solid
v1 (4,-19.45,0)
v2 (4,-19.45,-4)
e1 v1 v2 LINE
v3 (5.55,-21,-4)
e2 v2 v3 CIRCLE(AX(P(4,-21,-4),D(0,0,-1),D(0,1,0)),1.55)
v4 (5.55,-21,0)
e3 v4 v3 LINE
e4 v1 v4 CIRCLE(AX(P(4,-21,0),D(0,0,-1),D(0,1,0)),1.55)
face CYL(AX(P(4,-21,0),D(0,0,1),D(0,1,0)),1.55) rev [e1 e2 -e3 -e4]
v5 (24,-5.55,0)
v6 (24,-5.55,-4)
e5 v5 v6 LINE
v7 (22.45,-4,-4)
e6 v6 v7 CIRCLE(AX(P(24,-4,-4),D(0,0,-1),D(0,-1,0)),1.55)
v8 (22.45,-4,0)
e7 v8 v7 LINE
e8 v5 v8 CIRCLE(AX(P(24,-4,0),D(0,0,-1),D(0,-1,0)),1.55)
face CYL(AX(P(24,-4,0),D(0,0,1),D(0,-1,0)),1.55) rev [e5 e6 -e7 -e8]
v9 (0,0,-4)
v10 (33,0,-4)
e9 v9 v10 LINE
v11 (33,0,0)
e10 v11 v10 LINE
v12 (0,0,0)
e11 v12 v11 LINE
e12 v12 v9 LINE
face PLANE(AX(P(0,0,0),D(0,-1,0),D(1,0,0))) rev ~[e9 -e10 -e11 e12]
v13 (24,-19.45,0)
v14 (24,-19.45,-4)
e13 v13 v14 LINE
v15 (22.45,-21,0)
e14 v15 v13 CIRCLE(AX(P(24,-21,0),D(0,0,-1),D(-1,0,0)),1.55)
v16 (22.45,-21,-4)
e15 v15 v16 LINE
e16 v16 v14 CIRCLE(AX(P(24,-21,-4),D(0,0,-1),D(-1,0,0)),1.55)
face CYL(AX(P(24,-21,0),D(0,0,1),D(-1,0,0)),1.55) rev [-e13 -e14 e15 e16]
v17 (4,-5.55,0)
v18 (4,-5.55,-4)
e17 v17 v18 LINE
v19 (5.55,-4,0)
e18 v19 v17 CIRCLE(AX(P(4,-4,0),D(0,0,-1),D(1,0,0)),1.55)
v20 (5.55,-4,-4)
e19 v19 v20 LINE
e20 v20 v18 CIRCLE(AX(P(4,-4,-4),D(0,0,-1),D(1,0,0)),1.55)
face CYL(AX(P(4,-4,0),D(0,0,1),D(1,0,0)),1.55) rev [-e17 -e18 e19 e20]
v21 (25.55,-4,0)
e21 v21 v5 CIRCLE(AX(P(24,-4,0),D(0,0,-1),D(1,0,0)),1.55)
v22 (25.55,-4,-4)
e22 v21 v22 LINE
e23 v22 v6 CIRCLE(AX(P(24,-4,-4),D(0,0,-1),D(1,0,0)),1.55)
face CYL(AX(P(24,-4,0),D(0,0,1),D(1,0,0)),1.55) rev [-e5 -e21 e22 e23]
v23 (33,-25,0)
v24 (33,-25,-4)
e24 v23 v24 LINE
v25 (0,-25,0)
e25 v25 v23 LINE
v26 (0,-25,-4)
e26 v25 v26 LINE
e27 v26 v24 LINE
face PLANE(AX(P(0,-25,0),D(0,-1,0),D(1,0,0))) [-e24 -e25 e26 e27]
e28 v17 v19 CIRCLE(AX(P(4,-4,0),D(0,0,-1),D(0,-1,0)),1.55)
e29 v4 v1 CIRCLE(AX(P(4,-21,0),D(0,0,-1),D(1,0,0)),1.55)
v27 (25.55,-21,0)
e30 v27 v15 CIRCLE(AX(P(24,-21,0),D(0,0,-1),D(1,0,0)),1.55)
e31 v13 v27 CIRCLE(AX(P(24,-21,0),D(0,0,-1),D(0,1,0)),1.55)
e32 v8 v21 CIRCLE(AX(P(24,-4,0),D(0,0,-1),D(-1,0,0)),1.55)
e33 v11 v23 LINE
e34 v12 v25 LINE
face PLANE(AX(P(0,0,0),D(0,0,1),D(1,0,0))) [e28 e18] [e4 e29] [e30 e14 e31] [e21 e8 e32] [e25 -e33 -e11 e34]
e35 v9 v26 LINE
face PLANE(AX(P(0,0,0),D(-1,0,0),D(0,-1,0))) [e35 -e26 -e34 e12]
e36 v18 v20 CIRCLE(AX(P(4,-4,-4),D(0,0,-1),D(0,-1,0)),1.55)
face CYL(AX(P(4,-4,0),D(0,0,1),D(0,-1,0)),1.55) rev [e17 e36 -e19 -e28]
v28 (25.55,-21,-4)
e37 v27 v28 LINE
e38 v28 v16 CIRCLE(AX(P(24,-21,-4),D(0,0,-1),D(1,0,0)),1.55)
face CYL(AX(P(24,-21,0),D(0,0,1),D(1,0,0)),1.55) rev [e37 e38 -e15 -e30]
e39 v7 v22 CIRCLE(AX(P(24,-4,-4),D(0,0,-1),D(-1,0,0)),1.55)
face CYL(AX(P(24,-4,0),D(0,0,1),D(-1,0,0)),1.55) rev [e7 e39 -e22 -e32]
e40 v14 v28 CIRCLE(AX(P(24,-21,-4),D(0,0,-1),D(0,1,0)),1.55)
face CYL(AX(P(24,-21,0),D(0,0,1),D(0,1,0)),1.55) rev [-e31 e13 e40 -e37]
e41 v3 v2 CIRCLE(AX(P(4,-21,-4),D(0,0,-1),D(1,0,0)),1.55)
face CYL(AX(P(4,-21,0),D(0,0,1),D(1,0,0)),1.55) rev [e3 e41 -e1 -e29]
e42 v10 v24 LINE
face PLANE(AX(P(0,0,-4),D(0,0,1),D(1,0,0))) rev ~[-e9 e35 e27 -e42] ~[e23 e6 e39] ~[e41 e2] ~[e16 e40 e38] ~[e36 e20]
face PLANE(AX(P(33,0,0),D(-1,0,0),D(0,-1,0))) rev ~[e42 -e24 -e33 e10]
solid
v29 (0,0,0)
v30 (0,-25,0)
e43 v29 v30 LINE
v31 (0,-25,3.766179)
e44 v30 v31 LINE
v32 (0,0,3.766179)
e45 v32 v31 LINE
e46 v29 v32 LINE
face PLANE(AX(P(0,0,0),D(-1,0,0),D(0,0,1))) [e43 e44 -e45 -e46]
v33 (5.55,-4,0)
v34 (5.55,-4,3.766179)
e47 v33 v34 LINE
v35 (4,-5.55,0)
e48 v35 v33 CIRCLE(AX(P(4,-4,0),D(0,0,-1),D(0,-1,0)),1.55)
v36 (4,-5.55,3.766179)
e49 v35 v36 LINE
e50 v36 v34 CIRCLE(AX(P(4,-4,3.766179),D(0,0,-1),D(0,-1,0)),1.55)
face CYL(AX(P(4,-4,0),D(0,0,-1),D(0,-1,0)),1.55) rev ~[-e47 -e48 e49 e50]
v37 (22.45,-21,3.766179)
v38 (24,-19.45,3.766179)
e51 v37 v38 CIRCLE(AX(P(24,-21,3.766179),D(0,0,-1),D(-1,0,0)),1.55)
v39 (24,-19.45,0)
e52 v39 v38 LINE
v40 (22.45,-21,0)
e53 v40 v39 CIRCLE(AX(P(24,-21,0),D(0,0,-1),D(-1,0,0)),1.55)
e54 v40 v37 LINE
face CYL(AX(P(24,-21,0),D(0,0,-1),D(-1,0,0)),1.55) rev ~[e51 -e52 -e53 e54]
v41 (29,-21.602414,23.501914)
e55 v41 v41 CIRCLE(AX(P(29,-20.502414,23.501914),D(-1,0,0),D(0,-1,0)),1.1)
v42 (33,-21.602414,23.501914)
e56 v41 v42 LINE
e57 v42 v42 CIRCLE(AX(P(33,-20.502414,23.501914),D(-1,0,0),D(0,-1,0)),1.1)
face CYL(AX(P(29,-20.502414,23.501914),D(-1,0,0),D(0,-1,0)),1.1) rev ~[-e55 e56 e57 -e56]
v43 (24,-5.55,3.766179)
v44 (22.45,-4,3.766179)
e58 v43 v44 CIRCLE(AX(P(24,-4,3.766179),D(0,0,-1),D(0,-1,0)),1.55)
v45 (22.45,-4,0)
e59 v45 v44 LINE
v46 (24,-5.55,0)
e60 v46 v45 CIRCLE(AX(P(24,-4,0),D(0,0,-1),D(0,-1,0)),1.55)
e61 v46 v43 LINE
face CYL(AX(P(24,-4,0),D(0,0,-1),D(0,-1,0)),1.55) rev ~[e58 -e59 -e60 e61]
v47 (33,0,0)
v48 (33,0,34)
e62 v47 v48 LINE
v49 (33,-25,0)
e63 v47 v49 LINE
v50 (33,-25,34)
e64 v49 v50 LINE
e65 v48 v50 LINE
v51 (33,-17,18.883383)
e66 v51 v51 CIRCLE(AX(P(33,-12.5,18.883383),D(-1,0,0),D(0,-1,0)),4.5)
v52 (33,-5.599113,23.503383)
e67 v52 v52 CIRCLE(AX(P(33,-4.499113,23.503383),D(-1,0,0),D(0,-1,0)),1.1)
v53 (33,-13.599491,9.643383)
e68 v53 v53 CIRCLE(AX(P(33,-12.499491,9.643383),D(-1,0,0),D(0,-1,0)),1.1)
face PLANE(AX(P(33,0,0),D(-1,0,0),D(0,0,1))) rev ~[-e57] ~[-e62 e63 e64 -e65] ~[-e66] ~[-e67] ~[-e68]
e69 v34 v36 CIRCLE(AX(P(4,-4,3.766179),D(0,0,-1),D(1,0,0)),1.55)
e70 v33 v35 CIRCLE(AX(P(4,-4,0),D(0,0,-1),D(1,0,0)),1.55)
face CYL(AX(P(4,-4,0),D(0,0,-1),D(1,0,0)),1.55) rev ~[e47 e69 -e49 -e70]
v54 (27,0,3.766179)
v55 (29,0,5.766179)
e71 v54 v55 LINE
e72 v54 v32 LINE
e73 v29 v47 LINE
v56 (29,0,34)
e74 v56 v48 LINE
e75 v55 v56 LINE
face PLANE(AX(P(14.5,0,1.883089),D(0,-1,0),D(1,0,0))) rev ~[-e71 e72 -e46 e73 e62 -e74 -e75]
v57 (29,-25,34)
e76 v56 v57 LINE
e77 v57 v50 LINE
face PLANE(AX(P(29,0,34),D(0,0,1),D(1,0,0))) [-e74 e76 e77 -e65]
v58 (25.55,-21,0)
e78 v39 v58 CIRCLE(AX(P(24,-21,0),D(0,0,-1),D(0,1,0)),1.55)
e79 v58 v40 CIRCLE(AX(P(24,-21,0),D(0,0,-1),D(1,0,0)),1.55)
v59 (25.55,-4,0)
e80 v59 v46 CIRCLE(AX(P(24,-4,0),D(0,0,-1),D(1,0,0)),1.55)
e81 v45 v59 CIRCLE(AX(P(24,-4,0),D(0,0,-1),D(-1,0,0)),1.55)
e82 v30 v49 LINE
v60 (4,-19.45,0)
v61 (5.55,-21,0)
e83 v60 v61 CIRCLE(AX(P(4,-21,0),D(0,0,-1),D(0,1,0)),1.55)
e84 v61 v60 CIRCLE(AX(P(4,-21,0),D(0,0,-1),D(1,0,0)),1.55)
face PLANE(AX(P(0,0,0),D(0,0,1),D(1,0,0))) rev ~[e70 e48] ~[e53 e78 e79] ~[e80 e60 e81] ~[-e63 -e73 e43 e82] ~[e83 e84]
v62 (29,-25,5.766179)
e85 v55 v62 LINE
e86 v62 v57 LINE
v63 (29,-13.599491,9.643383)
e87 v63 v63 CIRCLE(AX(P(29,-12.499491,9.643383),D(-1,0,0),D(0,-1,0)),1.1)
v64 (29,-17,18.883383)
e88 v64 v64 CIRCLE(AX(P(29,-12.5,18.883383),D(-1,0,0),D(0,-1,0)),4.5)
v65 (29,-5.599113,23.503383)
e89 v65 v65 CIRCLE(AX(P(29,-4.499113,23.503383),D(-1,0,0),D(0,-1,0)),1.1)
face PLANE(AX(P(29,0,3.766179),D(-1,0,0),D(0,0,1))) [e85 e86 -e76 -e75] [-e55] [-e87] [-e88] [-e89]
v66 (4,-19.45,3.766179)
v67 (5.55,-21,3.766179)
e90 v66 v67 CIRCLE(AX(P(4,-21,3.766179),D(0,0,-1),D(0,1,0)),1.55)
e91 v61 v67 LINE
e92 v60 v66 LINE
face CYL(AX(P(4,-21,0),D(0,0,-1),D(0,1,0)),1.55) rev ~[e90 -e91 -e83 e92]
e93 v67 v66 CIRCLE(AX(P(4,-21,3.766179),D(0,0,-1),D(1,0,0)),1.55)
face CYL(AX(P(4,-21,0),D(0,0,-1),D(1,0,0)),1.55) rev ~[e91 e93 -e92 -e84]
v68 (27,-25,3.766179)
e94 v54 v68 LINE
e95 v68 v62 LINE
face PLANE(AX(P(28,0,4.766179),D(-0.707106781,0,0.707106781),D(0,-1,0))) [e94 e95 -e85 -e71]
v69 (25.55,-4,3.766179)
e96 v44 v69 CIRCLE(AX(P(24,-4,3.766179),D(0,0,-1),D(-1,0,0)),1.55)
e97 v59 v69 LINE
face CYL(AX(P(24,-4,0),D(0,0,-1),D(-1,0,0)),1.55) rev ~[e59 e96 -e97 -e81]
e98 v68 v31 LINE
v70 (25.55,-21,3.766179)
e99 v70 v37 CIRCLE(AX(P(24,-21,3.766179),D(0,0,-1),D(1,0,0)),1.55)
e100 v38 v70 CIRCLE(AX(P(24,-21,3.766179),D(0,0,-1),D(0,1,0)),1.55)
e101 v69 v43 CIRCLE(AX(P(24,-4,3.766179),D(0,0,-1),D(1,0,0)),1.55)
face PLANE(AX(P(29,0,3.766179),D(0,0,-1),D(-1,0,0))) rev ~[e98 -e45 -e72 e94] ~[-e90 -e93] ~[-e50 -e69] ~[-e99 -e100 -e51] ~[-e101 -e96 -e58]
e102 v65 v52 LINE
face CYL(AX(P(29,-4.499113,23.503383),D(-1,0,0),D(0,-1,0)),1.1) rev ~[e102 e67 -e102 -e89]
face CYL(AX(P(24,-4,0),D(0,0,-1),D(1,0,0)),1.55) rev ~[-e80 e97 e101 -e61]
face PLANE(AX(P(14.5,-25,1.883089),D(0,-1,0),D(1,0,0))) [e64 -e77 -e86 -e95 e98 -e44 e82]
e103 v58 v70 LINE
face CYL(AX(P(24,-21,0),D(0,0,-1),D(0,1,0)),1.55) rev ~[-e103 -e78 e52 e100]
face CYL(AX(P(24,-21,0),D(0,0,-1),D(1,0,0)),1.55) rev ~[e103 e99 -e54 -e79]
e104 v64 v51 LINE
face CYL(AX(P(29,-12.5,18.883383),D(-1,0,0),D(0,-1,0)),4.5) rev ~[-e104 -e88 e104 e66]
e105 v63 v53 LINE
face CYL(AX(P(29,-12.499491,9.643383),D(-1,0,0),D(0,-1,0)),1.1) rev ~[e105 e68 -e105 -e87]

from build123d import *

# Parameters (mm, degrees)
F0_W     = 29
F0_H     = 3.76617883
F0_W_2   = 4
F0_H_2   = 30.23382117
F1_DEPTH = 25
F2_R     = 1.1
F2_R_2   = 4.5
F3_DEPTH = 25
F5_DEPTH = 25
F6_DEPTH = 4
F7_SIZE  = 2


with BuildPart() as f1:
    # F0 (on Front) → F1 (new body)
    with BuildSketch(Plane.XZ):
        with Locations((14.5, 1.883089415)):
            Rectangle(F0_W, F0_H)
        with Locations((31, 1.883089415)):
            Rectangle(F0_W_2, F0_H)
        with Locations((31, 18.883089415)):
            Rectangle(F0_W_2, F0_H_2)
    extrude(amount=F1_DEPTH)

    # F2 (on face) → F3 (cut)
    with BuildSketch(Plane(origin=(29, 0, 0), x_dir=(0, -1, 0), z_dir=(-1, 0, 0))):
        with Locations((4.4991129581, 23.5033831761)):
            Circle(F2_R)
        with Locations((20.5024139551, 23.5019139032)):
            Circle(F2_R)
        with Locations((12.4994910289, 9.6433833319)):
            Circle(F2_R)
        with Locations((12.5, 18.8833833319)):
            Circle(F2_R_2)
    extrude(amount=-F3_DEPTH, mode=Mode.SUBTRACT)

    # F4 (on face) → F5 (cut)
    with BuildSketch(Plane(origin=(0, 0, 0), x_dir=(1, 0, 0), z_dir=(0, 0, -1))):
        with BuildLine():
            ThreePointArc((5.55, 21), (2.9039844892, 22.0960155108), (4, 19.45))
            Line((4, 19.45), (4, 21))
            Line((4, 21), (5.55, 21))
        make_face()
        with BuildLine():
            Line((4, 21), (4, 19.45))
            ThreePointArc((4, 19.45), (5.0960155108, 19.9039844892), (5.55, 21))
            Line((5.55, 21), (4, 21))
        make_face()
        with BuildLine():
            ThreePointArc((25.55, 21), (24, 22.55), (22.45, 21))
            Line((22.45, 21), (24, 21))
            Line((24, 21), (24, 19.45))
            ThreePointArc((24, 19.45), (25.0960155108, 19.9039844892), (25.55, 21))
        make_face()
        with BuildLine():
            Line((24, 21), (22.45, 21))
            ThreePointArc((22.45, 21), (22.9039844892, 19.9039844892), (24, 19.45))
            Line((24, 19.45), (24, 21))
        make_face()
        with BuildLine():
            Line((24, 4), (22.45, 4))
            ThreePointArc((22.45, 4), (24, 2.45), (25.55, 4))
            ThreePointArc((25.55, 4), (25.0960155108, 5.0960155108), (24, 5.55))
            Line((24, 5.55), (24, 4))
        make_face()
        with BuildLine():
            ThreePointArc((24, 5.55), (22.9039844892, 5.0960155108), (22.45, 4))
            Line((22.45, 4), (24, 4))
            Line((24, 4), (24, 5.55))
        make_face()
        with BuildLine():
            Line((4, 5.55), (4, 4))
            Line((4, 4), (5.55, 4))
            ThreePointArc((5.55, 4), (5.0960155108, 5.0960155108), (4, 5.55))
        make_face()
        with BuildLine():
            Line((5.55, 4), (4, 4))
            Line((4, 4), (4, 5.55))
            ThreePointArc((4, 5.55), (2.9039844892, 2.9039844892), (5.55, 4))
        make_face()
    extrude(amount=-F5_DEPTH, mode=Mode.SUBTRACT)


with BuildPart() as f6:
    # F6 (new): a face of the model
    f6_faces = [f1.part.faces().sort_by_distance(p)[0] for p in [
        (16.5949621048, -12.5, 0),
    ]]
    extrude(f6_faces, amount=F6_DEPTH)


with BuildPart() as f1_1:
    add(f1.part)

    # F7
    f7_edges = [f1_1.edges().sort_by_distance(p)[0] for p in [
        (29, -12.5, 3.766179),
    ]]
    chamfer(f7_edges, length=F7_SIZE)


solid = Compound([f6.part, f1_1.part])
